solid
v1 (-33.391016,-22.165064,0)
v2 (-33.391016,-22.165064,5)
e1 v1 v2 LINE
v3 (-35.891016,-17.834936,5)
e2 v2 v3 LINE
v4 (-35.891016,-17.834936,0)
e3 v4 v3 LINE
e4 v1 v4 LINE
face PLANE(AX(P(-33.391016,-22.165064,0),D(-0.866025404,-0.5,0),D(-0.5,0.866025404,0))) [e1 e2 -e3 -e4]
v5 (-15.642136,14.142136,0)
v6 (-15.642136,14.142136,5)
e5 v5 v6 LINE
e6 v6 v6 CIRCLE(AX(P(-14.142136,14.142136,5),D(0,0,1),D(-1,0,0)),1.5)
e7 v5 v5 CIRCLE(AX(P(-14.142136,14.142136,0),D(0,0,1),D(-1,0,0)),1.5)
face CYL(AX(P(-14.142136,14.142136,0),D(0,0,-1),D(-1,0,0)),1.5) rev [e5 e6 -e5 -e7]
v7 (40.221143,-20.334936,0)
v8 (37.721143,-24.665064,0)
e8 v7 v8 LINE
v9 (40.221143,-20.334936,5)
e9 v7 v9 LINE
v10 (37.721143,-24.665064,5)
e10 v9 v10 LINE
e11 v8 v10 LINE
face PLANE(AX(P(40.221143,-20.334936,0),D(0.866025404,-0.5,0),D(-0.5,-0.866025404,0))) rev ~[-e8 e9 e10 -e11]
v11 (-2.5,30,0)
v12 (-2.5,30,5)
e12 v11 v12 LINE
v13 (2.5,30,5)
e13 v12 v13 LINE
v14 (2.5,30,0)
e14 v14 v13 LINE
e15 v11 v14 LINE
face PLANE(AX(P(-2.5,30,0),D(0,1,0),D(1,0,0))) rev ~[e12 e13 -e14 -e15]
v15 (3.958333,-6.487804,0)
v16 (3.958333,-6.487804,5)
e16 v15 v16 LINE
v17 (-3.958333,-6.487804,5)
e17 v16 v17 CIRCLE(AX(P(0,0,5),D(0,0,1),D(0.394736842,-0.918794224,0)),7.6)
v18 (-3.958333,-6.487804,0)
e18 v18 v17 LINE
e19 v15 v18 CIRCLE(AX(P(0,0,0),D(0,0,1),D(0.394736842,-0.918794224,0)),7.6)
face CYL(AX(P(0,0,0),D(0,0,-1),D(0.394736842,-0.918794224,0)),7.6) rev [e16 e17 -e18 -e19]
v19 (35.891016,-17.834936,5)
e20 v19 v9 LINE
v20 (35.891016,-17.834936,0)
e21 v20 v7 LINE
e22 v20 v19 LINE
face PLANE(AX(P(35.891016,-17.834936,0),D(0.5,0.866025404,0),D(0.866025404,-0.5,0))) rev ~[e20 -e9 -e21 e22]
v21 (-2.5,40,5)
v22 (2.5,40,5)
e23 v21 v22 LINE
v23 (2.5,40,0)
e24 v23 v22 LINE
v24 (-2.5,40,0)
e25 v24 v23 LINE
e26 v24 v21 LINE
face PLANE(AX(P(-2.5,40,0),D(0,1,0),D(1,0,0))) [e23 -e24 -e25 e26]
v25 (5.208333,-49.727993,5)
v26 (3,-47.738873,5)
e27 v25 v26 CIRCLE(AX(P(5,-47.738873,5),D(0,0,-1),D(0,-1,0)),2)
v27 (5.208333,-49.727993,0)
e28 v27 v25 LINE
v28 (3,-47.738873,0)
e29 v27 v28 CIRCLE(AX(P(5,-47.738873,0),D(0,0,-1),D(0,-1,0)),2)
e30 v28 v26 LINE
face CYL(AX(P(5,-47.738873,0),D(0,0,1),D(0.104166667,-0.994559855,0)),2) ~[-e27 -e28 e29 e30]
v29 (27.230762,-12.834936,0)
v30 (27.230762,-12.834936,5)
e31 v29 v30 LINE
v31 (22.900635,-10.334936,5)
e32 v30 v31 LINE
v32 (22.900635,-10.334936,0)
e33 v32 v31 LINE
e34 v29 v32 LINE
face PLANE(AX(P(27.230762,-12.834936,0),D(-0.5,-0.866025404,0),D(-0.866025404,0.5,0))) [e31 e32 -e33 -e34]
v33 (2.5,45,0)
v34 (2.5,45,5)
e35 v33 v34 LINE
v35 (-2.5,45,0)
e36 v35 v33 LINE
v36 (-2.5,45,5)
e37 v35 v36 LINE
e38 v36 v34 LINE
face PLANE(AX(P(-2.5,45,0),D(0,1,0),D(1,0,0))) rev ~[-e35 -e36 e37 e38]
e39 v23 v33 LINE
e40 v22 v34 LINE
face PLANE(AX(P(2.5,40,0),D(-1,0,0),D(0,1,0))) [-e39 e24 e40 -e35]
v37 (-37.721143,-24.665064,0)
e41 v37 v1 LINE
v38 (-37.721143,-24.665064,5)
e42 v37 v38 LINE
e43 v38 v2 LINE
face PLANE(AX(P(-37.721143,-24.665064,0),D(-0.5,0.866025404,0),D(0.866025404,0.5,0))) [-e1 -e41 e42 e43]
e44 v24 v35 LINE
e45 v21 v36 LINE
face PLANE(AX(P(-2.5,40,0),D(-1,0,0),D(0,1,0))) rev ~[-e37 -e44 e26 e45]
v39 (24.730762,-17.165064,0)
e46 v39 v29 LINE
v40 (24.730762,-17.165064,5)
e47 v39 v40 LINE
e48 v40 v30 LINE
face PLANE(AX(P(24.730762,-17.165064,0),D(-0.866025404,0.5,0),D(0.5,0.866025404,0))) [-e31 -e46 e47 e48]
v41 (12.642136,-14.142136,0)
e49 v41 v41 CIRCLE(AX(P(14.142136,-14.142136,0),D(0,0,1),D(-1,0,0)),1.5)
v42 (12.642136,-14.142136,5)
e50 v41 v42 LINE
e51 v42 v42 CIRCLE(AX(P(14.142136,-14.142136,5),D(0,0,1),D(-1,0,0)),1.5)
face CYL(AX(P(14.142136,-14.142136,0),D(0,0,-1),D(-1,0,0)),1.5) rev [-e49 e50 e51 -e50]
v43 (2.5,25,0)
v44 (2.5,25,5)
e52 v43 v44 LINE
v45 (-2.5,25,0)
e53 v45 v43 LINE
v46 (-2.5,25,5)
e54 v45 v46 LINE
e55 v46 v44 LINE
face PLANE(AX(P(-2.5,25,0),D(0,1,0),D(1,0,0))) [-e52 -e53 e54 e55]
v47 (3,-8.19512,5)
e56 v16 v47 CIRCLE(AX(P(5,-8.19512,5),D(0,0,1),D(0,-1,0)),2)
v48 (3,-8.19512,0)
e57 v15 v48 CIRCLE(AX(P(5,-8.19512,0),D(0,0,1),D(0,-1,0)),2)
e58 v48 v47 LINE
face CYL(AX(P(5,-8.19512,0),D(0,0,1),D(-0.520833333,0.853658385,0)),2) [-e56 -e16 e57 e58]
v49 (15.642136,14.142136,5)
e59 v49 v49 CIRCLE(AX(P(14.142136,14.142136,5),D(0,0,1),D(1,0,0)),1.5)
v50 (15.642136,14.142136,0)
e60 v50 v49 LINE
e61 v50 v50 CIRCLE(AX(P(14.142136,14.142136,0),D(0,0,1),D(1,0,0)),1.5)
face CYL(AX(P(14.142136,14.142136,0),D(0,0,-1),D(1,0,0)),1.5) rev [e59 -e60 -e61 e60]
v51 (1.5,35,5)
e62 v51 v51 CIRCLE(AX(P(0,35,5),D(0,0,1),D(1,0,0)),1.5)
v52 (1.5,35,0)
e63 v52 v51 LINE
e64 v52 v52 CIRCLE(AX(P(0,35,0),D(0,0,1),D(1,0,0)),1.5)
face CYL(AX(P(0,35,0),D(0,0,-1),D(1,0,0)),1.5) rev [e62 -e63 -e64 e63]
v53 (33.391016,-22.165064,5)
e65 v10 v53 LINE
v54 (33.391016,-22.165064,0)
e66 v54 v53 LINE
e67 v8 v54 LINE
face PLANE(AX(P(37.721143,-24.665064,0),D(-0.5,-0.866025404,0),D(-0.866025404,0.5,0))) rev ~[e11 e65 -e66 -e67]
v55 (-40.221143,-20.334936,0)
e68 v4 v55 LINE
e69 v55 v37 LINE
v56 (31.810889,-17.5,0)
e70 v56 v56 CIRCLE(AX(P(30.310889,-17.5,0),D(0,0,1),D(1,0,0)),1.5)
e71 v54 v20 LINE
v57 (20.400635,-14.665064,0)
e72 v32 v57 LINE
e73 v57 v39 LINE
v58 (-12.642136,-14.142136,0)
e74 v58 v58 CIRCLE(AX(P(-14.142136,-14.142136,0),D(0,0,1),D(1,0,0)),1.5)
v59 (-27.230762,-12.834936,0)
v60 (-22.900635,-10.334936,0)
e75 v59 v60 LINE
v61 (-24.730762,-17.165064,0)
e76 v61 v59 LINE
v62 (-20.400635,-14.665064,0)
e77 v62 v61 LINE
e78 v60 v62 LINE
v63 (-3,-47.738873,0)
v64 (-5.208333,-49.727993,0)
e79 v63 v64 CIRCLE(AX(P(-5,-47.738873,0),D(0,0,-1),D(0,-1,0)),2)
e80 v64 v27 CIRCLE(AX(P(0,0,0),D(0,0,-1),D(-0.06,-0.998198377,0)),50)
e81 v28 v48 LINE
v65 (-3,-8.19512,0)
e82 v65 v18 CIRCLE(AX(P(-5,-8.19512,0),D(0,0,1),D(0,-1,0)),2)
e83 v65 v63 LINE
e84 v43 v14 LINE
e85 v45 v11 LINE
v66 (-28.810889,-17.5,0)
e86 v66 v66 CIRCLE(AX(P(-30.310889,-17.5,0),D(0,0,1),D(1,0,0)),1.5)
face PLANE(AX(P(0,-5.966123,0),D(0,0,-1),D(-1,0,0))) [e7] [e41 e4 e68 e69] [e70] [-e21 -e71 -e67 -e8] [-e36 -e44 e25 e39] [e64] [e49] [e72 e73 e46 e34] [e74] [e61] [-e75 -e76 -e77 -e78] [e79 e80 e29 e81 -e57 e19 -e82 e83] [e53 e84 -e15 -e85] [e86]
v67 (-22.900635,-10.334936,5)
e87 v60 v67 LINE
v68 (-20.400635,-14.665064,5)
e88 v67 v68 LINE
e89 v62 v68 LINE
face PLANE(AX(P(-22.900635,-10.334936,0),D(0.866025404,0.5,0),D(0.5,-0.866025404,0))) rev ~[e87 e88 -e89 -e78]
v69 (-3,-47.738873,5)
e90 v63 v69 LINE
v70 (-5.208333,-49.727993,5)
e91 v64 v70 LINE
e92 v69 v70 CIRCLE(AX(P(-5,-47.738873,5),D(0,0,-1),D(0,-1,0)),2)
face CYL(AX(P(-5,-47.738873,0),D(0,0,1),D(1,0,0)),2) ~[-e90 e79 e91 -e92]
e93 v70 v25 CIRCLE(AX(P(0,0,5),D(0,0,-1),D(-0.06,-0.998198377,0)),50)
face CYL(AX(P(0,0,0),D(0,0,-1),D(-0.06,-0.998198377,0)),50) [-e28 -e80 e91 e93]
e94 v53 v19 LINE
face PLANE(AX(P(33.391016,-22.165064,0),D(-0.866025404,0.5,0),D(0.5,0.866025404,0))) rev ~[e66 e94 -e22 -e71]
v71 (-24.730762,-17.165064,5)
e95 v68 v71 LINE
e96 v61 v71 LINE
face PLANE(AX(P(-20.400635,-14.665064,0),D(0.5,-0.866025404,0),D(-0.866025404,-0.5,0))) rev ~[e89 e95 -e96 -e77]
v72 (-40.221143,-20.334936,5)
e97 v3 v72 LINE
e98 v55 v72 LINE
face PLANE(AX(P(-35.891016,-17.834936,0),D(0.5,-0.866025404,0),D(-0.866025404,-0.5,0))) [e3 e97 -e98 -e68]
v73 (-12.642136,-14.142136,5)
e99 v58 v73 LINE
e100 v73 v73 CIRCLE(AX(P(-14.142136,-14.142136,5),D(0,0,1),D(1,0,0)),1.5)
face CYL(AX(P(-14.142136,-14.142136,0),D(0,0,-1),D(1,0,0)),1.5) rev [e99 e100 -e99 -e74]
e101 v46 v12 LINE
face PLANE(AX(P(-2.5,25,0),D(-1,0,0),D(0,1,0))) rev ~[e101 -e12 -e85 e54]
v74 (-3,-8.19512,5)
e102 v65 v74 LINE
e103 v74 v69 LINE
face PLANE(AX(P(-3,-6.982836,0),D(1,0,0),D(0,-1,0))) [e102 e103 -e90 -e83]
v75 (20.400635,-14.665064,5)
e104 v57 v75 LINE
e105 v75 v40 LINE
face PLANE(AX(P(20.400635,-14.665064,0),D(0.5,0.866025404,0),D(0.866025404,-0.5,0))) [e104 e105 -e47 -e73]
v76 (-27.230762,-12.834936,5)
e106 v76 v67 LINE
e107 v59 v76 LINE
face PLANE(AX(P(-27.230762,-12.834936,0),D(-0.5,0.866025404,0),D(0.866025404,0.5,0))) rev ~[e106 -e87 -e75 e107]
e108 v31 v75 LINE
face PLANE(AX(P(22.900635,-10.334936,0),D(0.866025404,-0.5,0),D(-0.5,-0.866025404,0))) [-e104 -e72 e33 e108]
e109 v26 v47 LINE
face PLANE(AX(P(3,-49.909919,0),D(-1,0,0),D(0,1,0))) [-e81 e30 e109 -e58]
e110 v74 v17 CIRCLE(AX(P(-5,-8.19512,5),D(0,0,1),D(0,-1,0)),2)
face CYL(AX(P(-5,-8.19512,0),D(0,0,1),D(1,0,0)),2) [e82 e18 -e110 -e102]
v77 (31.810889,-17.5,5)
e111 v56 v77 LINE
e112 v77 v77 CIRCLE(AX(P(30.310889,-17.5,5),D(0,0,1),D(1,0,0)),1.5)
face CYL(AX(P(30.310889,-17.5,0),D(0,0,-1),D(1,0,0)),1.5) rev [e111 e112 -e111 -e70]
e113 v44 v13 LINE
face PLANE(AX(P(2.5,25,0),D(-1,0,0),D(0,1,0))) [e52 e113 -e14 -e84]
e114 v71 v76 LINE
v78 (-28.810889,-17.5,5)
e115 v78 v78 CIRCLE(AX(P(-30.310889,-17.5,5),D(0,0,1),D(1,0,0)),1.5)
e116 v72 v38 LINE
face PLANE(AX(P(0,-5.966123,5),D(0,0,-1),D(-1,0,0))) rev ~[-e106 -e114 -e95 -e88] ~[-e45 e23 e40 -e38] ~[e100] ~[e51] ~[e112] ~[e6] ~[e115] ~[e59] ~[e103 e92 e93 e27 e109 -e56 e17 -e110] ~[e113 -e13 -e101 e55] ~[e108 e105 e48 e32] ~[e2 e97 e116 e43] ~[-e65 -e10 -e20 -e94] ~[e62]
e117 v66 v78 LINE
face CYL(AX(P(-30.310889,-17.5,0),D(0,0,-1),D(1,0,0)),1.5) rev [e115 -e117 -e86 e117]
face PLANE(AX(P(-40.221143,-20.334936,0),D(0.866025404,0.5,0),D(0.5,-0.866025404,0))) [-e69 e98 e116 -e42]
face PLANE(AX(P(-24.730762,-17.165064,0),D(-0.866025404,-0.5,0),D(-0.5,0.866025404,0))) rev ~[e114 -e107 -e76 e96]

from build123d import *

# Parameters (mm, degrees)
ESQUISSE1_R        = 1.5
ESQUISSE1_W        = 5
ESQUISSE1_H        = 5
BOSS_EXTRU_1_DEPTH = 5
FILLET1_R          = 2


with BuildPart() as part:
    # Esquisse1 → Boss.-Extru.1 (new body)
    with BuildSketch(Plane.XY):
        with BuildLine():
            Line((-3, -6.9828361), (-3, -49.909918854))
            ThreePointArc((-3, -49.909918854), (0, 50), (3, -49.909918854))
            Line((3, -49.909918854), (3, -6.9828361))
            ThreePointArc((3, -6.9828361), (0, 7.6), (-3, -6.9828361))
        make_face()
        with Locations((14.142135624, 14.142135624)):
            Circle(ESQUISSE1_R, mode=Mode.SUBTRACT)
        with Locations(Location((14.142135624, -14.142135624, 0), (0, 0, 180))):
            Circle(ESQUISSE1_R, mode=Mode.SUBTRACT)
        with Locations(Location((-14.142135624, 14.142135624, 0), (0, 0, 180))):
            Circle(ESQUISSE1_R, mode=Mode.SUBTRACT)
        with Locations((-14.142135624, -14.142135624)):
            Circle(ESQUISSE1_R, mode=Mode.SUBTRACT)
        with Locations((0, 35)):
            Circle(ESQUISSE1_R, mode=Mode.SUBTRACT)
        with Locations((-30.310889132, -17.5)):
            Circle(ESQUISSE1_R, mode=Mode.SUBTRACT)
        with Locations((30.310889132, -17.5)):
            Circle(ESQUISSE1_R, mode=Mode.SUBTRACT)
        with Locations((0, 27.5)):
            Rectangle(ESQUISSE1_W, ESQUISSE1_H, mode=Mode.SUBTRACT)
        with Locations((0, 42.5)):
            Rectangle(ESQUISSE1_W, ESQUISSE1_H, mode=Mode.SUBTRACT)
        Polygon((-35.891016151, -17.834936491), (-40.22114317, -20.334936491), (-37.72114317, -24.665063509), (-33.391016151, -22.165063509), align=None, mode=Mode.SUBTRACT)
        Polygon((-27.230762114, -12.834936491), (-22.900635095, -10.334936491), (-20.400635095, -14.665063509), (-24.730762114, -17.165063509), align=None, mode=Mode.SUBTRACT)
        Polygon((27.230762114, -12.834936491), (22.900635095, -10.334936491), (20.400635095, -14.665063509), (24.730762114, -17.165063509), align=None, mode=Mode.SUBTRACT)
        Polygon((35.891016151, -17.834936491), (40.22114317, -20.334936491), (37.72114317, -24.665063509), (33.391016151, -22.165063509), align=None, mode=Mode.SUBTRACT)
    extrude(amount=BOSS_EXTRU_1_DEPTH)

    # Fillet1
    fillet1_edges = [part.edges().sort_by_distance(p)[0] for p in [
        (-3, -6.9828361, 2.5),
        (-3, -49.909918854, 2.5),
        (3, -49.909918854, 2.5),
        (3, -6.9828361, 2.5),
    ]]
    fillet(fillet1_edges, radius=FILLET1_R)


solid = part.part
